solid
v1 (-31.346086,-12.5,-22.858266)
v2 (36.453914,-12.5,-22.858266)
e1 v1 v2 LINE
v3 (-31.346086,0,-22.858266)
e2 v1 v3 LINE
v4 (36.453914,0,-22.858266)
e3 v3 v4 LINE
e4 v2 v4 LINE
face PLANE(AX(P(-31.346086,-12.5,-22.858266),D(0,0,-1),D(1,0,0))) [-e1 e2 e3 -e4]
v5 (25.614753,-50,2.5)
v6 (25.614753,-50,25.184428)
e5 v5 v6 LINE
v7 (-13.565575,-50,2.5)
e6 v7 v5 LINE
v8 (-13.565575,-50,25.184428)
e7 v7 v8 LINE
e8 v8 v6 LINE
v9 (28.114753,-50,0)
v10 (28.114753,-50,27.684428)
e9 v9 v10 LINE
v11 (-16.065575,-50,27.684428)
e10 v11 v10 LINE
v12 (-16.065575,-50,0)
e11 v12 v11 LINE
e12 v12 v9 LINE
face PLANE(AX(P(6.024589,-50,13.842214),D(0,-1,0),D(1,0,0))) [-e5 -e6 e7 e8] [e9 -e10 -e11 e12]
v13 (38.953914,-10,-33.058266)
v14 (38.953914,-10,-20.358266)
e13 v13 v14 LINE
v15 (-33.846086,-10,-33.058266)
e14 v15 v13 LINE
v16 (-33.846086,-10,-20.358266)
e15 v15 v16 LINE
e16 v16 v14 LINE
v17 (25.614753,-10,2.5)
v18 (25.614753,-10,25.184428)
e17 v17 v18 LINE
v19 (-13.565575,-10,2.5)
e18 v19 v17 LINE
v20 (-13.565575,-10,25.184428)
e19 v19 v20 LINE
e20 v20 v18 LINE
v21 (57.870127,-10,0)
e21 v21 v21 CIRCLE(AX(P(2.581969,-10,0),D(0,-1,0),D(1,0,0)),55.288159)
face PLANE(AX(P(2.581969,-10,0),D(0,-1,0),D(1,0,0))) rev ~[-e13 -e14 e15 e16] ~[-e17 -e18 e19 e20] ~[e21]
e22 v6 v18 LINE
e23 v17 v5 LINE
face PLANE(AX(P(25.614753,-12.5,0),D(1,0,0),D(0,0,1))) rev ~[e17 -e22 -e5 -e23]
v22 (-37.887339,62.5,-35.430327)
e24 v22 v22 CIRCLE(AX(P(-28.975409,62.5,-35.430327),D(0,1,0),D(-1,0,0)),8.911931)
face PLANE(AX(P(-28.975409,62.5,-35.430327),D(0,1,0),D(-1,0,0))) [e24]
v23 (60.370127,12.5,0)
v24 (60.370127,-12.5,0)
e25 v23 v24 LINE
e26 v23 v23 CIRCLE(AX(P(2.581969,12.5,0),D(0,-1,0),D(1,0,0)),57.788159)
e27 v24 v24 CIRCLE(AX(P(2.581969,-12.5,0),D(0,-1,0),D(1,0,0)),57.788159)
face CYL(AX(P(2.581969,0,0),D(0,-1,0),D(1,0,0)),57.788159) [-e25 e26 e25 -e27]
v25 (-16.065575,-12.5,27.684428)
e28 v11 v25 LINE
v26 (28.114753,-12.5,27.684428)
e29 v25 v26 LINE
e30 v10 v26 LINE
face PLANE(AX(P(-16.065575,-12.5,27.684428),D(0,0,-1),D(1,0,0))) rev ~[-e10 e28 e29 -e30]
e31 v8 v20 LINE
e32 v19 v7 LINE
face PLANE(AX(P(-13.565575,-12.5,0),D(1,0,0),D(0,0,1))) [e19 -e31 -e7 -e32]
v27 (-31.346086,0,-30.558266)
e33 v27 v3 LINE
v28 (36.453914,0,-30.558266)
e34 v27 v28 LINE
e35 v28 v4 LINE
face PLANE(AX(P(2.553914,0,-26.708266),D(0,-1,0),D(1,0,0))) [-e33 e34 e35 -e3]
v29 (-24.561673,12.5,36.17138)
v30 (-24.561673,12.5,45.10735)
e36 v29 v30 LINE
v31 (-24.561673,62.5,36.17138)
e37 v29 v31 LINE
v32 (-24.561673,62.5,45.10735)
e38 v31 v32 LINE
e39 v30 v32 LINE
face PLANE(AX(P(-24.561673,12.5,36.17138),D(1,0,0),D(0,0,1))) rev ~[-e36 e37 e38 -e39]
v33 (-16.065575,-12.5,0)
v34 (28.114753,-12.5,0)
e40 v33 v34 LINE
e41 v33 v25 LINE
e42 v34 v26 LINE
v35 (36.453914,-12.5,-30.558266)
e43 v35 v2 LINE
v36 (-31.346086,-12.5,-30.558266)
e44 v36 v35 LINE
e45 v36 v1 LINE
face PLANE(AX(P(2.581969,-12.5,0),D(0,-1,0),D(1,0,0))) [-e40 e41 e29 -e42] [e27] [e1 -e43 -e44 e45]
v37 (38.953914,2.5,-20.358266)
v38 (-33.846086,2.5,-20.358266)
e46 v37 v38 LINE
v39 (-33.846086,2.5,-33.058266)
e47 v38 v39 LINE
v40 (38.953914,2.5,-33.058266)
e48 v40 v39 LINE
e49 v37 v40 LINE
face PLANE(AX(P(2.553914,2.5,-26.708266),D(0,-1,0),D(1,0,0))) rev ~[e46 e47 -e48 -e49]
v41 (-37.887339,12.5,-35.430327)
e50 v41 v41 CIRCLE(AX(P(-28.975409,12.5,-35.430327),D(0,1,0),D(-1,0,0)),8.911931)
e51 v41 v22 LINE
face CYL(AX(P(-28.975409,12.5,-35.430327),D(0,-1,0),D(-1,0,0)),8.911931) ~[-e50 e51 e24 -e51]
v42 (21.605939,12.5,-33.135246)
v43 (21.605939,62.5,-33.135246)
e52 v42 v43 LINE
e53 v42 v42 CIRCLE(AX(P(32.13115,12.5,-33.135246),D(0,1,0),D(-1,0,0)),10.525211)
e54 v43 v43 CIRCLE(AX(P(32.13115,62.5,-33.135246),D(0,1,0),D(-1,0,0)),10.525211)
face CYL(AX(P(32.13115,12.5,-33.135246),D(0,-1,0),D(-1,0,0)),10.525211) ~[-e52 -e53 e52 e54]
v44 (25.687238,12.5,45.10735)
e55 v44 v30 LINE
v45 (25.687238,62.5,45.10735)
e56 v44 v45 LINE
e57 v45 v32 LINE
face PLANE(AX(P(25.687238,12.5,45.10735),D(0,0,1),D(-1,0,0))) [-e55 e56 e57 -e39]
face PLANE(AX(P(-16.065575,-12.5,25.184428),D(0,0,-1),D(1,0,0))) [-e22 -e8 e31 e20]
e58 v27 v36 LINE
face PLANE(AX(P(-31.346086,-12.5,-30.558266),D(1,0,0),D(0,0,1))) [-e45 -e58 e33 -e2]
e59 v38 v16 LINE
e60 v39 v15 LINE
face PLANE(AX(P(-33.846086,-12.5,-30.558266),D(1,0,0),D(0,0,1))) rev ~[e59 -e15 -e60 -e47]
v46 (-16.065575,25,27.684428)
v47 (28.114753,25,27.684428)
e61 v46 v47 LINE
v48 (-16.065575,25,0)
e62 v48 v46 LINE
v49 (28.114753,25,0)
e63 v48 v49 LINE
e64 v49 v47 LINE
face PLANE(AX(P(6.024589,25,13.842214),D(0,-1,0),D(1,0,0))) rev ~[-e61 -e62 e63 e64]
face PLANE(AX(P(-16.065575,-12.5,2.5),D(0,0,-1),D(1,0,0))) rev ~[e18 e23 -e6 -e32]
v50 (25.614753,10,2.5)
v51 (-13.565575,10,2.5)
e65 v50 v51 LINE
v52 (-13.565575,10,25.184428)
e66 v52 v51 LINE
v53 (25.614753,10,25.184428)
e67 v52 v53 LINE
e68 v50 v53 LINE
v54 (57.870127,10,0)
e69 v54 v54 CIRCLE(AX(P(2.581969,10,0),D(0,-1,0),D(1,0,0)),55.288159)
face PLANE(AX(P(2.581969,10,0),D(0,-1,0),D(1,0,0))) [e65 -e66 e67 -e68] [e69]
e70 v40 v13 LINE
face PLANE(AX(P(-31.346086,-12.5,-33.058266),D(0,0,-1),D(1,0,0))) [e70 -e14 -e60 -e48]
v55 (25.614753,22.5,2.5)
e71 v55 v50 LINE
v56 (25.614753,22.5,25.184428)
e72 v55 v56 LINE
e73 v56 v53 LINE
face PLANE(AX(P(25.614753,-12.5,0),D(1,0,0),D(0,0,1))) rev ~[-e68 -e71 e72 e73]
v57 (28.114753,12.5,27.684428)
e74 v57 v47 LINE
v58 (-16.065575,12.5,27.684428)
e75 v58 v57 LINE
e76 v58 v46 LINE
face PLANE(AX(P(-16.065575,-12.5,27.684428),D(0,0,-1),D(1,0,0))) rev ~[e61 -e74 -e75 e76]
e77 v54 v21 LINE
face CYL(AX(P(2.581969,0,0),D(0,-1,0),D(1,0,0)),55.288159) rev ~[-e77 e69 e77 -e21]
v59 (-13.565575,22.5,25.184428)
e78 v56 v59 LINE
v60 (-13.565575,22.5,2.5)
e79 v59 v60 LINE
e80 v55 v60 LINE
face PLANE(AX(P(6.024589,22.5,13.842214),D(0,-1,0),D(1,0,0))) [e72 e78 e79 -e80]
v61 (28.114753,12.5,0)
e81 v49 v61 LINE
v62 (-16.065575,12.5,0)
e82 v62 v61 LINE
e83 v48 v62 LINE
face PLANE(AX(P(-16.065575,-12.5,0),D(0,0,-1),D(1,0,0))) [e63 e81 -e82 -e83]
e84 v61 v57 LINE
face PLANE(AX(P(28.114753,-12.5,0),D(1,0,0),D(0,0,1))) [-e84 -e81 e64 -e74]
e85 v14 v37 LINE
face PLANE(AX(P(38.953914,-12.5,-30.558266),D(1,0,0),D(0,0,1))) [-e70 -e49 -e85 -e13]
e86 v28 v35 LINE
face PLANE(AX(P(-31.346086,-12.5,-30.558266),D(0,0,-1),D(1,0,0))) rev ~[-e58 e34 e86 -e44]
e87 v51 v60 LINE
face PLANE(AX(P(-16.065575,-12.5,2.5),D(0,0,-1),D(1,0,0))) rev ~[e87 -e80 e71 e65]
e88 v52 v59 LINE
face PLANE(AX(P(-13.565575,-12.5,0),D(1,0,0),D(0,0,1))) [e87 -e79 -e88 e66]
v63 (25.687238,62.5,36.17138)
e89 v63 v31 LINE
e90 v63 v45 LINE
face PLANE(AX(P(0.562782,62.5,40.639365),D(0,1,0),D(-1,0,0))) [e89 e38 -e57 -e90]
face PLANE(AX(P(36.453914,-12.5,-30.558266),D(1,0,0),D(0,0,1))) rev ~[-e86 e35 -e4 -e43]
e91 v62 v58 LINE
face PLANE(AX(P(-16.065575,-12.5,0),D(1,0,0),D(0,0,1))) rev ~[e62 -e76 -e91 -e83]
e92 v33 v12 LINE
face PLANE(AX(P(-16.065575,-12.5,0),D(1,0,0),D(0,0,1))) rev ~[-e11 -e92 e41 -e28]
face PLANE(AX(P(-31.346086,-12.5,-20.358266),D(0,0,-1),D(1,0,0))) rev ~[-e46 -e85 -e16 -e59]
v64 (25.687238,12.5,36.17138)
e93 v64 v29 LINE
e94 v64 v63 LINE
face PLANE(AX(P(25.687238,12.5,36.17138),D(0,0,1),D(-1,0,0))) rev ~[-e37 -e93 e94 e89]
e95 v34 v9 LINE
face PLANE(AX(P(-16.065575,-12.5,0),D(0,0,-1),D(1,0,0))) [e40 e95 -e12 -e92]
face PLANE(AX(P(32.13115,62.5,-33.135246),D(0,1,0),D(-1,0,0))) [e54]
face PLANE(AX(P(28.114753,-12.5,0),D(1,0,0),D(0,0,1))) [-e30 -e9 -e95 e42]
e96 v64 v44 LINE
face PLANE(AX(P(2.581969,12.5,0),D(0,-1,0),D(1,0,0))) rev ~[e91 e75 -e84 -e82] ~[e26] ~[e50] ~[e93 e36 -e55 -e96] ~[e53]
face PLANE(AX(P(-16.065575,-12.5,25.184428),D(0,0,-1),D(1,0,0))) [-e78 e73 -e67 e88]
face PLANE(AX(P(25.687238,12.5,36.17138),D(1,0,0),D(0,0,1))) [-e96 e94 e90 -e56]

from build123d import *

# Parameters (mm, degrees)
F0_R      = 57.7881585004
F1_DEPTH  = 12.5
F2_W      = 44.1803280264
F2_H      = 27.6844277978
F4_DEPTH  = 37.5
F3_W      = 67.8
F3_H      = 7.7
F5_DEPTH  = 12.5
F6_T      = -2.5
F7_W      = 50.2489116043
F7_H      = 8.9359693229
F8_DEPTH  = 50
F10_R     = 10.5252112218
F11_DEPTH = 50
F9_R      = 8.9119309546
F12_DEPTH = 50


with BuildPart() as f1:
    # F0 (on Front) → F1 (new body, symmetric)
    with BuildSketch(Plane.XZ):
        with Locations((2.5819686707, 0)):
            Circle(F0_R)
    extrude(amount=F1_DEPTH, both=True)

    # F2 (on face) → F4 (join, symmetric)
    with BuildSketch(Plane.XZ.offset(12.5)):
        with Locations((6.0245888308, 13.8422138989)):
            Rectangle(F2_W, F2_H)
    extrude(amount=F4_DEPTH, both=True)

    # F3 (on face) → F5 (cut, symmetric)
    with BuildSketch(Plane.XZ.offset(12.5)):
        with Locations((2.5539135873, -26.7082657456)):
            Rectangle(F3_W, F3_H)
    extrude(amount=F5_DEPTH, both=True, mode=Mode.SUBTRACT)

    # F6
    f6_openings = [f1.faces().sort_by_distance(p)[0] for p in [
        (6.024589, -50, 13.842214),
    ]]
    offset(amount=F6_T, openings=f6_openings, kind=Kind.INTERSECTION)

    # F7 (on face) → F8 (join)
    with BuildSketch(Plane(origin=(0, 12.5, 0), x_dir=(-1, 0, 0), z_dir=(0, 1, 0))):
        with Locations((-0.5627823994, 40.6393650919)):
            Rectangle(F7_W, F7_H)
    extrude(amount=F8_DEPTH)

    # F10 (on face) → F11 (join)
    with BuildSketch(Plane(origin=(0, 12.5, 0), x_dir=(-1, 0, 0), z_dir=(0, 1, 0))):
        with Locations((-32.1311503649, -33.1352464855)):
            Circle(F10_R)
    extrude(amount=F11_DEPTH)

    # F9 (on face) → F12 (join)
    with BuildSketch(Plane(origin=(0, 12.5, 0), x_dir=(-1, 0, 0), z_dir=(0, 1, 0))):
        with Locations((28.9754085243, -35.4303270578)):
            Circle(F9_R)
    extrude(amount=F12_DEPTH)


solid = f1.part
